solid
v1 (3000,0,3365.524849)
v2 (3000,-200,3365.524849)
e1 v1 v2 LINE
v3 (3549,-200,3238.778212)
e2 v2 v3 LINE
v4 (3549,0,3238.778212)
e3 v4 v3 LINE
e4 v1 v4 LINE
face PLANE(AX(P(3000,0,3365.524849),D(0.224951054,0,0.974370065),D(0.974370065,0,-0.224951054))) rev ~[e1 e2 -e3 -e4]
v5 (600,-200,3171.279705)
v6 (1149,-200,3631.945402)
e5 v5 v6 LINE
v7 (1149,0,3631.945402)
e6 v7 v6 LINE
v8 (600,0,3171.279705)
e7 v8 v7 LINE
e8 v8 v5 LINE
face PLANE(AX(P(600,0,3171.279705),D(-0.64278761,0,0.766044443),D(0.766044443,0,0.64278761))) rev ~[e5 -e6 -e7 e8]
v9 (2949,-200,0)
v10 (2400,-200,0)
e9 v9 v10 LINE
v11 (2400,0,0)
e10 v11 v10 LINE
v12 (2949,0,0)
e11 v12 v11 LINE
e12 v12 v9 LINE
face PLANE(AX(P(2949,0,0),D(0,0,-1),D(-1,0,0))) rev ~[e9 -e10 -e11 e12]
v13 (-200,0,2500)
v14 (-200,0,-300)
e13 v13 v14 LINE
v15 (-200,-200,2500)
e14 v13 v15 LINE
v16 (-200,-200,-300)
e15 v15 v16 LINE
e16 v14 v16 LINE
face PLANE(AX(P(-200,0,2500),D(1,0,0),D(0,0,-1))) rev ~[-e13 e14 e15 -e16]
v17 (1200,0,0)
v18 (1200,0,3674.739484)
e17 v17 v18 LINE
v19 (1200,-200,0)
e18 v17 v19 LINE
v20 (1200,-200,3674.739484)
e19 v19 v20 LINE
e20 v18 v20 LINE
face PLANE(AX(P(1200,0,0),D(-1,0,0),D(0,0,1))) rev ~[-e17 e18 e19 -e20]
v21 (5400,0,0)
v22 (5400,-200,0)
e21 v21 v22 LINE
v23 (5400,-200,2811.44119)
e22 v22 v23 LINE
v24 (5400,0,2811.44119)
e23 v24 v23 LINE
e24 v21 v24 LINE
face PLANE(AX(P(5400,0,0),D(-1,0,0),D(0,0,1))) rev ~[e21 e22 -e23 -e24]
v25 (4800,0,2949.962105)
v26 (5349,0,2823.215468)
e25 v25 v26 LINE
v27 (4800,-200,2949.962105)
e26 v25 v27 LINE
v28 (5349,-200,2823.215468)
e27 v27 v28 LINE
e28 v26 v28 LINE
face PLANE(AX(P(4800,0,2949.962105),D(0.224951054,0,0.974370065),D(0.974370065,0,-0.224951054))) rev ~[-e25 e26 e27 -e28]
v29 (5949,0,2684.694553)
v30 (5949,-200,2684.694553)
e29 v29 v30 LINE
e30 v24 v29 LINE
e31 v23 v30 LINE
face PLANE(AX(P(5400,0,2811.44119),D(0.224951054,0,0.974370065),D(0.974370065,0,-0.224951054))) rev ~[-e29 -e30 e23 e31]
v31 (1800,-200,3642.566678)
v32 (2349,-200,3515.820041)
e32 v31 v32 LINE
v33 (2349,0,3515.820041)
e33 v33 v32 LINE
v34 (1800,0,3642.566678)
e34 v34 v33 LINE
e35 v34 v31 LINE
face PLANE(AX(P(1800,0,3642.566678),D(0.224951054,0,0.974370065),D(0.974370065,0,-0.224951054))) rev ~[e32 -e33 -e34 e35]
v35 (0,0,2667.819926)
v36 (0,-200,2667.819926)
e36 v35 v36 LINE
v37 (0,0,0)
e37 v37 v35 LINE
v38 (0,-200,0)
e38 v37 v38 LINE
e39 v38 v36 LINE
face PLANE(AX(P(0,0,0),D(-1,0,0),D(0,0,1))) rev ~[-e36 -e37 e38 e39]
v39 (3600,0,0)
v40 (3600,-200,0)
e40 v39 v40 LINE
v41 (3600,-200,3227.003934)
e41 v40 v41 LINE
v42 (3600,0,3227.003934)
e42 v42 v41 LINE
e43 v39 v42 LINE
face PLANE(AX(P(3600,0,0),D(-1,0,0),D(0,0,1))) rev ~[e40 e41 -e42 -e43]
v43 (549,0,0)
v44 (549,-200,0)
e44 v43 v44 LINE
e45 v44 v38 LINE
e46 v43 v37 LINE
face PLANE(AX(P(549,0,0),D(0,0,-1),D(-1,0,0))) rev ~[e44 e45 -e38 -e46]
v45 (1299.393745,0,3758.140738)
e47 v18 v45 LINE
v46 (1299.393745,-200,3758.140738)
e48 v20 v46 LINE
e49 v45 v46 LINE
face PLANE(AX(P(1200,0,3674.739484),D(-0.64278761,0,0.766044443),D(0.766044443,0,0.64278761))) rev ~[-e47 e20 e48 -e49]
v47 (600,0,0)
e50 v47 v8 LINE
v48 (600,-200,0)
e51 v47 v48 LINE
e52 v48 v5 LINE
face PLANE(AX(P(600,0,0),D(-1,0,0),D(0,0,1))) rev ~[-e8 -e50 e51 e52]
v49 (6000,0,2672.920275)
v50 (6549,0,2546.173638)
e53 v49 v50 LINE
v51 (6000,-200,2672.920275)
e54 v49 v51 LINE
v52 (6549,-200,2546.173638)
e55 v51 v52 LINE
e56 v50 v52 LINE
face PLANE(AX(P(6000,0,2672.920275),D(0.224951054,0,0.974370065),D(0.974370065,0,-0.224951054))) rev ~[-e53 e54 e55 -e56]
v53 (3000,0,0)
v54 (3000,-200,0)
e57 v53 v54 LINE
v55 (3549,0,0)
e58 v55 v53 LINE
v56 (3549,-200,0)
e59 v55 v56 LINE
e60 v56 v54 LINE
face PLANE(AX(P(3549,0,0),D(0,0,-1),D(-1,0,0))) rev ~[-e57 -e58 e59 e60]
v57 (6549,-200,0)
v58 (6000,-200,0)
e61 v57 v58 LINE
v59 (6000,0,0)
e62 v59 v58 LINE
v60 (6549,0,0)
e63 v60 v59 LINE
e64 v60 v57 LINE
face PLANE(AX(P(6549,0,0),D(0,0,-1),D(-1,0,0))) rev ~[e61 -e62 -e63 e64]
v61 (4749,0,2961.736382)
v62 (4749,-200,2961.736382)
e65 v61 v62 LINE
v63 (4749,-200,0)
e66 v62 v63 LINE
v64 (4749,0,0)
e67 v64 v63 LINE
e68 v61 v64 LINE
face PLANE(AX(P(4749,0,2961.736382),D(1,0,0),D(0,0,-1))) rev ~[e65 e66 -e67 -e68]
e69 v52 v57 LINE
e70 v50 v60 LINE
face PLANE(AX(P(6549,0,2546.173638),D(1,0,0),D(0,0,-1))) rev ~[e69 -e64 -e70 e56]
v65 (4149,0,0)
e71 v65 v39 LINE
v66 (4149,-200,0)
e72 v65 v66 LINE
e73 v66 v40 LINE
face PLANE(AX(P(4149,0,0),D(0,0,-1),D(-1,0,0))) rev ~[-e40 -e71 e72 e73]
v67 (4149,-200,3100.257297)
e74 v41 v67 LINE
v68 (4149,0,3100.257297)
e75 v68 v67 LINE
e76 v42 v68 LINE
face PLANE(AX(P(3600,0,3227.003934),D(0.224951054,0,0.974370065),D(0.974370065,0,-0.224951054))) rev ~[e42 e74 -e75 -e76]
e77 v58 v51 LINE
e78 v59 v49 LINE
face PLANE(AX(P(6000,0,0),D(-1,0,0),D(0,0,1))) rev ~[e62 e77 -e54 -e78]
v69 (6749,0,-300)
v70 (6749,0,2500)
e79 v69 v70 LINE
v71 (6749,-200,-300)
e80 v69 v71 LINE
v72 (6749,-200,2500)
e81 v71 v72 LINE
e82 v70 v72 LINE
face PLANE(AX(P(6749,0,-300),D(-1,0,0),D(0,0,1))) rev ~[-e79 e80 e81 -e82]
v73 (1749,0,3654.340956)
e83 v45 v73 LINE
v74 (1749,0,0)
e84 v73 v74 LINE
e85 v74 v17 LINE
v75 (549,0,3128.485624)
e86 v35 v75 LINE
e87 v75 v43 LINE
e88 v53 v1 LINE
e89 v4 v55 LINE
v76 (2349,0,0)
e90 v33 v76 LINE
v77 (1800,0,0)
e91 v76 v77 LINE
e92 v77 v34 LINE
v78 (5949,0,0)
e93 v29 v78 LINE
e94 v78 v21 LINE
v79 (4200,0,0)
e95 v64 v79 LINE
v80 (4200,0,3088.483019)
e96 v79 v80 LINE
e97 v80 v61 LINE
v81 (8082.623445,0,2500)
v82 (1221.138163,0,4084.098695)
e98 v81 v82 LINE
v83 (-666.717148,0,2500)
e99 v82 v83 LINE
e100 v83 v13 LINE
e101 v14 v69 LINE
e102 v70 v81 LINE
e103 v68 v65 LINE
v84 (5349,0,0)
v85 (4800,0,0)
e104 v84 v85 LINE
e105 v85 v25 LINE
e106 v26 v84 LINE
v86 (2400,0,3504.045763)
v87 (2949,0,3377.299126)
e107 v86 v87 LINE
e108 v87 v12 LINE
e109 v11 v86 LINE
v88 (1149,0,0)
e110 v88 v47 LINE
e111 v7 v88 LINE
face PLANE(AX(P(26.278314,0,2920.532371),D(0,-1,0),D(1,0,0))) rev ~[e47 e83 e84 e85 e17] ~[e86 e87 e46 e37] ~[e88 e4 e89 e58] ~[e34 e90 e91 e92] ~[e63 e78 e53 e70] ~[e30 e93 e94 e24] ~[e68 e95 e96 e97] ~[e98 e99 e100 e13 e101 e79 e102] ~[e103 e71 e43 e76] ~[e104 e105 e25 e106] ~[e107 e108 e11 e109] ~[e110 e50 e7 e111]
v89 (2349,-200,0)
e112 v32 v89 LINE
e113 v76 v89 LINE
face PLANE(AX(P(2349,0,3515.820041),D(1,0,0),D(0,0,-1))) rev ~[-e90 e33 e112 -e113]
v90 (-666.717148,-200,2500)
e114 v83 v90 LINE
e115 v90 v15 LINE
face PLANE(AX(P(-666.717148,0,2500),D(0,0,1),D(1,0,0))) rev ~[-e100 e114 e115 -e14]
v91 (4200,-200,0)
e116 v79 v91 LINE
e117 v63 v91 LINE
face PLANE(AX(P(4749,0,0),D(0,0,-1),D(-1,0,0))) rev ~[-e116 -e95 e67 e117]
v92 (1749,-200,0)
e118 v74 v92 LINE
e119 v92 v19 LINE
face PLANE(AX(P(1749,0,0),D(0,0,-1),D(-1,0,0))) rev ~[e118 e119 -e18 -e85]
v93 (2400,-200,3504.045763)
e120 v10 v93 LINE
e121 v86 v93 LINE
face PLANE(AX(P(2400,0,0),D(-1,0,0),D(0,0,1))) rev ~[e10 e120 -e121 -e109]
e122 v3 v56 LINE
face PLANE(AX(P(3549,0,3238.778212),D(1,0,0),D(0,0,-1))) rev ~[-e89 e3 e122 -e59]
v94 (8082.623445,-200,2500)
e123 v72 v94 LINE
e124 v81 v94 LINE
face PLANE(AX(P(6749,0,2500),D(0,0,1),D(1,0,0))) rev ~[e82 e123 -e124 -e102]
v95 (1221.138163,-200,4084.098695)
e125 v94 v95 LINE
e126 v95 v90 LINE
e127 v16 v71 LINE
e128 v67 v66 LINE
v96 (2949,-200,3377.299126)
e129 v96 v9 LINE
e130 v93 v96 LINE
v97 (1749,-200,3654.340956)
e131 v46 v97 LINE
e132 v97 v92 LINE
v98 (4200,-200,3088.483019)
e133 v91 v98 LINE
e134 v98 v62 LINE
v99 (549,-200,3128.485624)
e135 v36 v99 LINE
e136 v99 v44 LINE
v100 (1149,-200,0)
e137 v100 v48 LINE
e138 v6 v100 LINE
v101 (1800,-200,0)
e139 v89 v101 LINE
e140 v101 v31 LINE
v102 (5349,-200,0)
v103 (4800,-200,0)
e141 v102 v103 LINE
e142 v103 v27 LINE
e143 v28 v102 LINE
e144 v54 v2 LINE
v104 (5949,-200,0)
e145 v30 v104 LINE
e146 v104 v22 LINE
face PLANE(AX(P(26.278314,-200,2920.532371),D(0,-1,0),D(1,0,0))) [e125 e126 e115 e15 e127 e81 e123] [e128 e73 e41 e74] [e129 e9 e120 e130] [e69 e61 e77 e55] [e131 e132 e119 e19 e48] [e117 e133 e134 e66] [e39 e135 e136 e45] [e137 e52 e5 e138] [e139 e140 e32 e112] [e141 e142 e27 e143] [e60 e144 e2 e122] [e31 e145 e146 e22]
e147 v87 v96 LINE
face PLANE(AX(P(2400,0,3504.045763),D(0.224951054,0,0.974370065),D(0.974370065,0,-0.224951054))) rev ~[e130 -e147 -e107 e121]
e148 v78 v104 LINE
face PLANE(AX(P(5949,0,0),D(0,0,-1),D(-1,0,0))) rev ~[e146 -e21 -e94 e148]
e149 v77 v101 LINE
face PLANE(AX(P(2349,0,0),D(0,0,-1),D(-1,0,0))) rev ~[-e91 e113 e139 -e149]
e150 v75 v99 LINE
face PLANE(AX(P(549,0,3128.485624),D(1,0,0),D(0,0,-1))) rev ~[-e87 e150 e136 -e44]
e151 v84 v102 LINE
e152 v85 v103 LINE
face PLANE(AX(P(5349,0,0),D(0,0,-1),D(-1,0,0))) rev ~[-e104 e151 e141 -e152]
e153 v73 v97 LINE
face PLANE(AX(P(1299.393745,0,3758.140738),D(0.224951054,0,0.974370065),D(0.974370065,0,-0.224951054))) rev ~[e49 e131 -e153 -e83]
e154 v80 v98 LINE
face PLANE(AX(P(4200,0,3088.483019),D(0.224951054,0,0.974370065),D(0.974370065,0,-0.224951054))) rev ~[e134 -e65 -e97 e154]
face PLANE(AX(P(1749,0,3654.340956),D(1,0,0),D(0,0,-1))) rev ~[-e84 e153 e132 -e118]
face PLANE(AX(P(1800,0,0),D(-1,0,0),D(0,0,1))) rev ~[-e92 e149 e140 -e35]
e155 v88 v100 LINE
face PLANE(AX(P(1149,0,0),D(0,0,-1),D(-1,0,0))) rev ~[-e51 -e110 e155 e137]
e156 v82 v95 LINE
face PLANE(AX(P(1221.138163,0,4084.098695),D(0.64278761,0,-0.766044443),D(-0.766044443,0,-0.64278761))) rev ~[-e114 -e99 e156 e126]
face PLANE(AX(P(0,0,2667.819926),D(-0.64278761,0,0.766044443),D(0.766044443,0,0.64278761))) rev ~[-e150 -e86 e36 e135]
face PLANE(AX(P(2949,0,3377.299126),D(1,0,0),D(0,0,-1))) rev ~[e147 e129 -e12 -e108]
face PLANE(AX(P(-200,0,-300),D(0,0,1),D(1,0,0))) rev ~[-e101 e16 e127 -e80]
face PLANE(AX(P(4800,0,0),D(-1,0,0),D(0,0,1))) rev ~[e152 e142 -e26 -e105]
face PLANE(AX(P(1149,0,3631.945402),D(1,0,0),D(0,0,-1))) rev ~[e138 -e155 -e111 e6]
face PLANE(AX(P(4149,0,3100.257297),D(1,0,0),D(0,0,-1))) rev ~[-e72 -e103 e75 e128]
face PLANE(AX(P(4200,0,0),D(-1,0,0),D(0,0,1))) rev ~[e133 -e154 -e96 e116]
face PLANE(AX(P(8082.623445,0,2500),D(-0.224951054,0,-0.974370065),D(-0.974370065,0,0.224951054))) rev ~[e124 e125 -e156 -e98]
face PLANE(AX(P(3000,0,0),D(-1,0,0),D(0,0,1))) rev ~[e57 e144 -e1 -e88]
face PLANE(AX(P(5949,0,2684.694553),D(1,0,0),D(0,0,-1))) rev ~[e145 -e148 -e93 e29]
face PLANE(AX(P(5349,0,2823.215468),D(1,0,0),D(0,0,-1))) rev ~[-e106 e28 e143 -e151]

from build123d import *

# Parameters (mm, degrees)
F1_DEPTH = 200


with BuildPart() as f1:
    # F0 (on Front) → F1 (new body)
    with BuildSketch(Plane.XZ):
        Polygon((-200, 2500), (0, 2667.8199262355), (549, 3128.4856237518), (549, 3520.1078105515), (-666.7171480581, 2500), align=None)
        Polygon((549, 3520.1078105515), (549, 3128.4856237518), (600, 3171.2797049418), (600, 3562.9018917415), align=None)
        Polygon((600, 3562.9018917415), (600, 3171.2797049418), (1149, 3631.9454024582), (1149, 4023.5675892578), align=None)
        Polygon((1149, 4023.5675892578), (1149, 3631.9454024582), (1200, 3674.7394836482), (1200, 4066.3616704479), align=None)
        Polygon((1200, 4066.3616704479), (1200, 3674.7394836482), (1299.3937450181, 3758.1407384342), (1749, 3654.3409556278), (1749, 3962.2321879658), (1221.1381631993, 4084.0986953922), align=None)
        Polygon((1749, 3962.2321879658), (1749, 3654.3409556278), (1800, 3642.5666778804), (1800, 3950.4579102184), align=None)
        Polygon((1800, 3950.4579102184), (1800, 3642.5666778804), (2349, 3515.8200409525), (2349, 3823.7112732905), align=None)
        Polygon((2349, 3823.7112732905), (2349, 3515.8200409525), (2400, 3504.0457632051), (2400, 3811.9369955431), align=None)
        Polygon((2400, 3811.9369955431), (2400, 3504.0457632051), (2949, 3377.2991262771), (2949, 3685.1903586152), align=None)
        Polygon((2949, 3685.1903586152), (2949, 3377.2991262771), (3000, 3365.5248485297), (3000, 3673.4160808678), align=None)
        Polygon((3000, 3673.4160808678), (3000, 3365.5248485297), (3549, 3238.7782116018), (3549, 3546.6694439398), align=None)
        Polygon((3549, 3546.6694439398), (3549, 3238.7782116018), (3600, 3227.0039338544), (3600, 3534.8951661924), align=None)
        Polygon((3600, 3534.8951661924), (3600, 3227.0039338544), (4149, 3100.2572969265), (4149, 3408.1485292645), align=None)
        Polygon((4200, 3088.4830191791), (4200, 3396.3742515171), (4149, 3408.1485292645), (4149, 3100.2572969265), align=None)
        Polygon((4749, 2961.7363822511), (4749, 3269.6276145891), (4200, 3396.3742515171), (4200, 3088.4830191791), align=None)
        Polygon((4800, 2949.9621045037), (4800, 3257.8533368417), (4749, 3269.6276145891), (4749, 2961.7363822511), align=None)
        Polygon((5349, 2823.2154675758), (5349, 3131.1066999138), (4800, 3257.8533368417), (4800, 2949.9621045037), align=None)
        Polygon((5400, 2811.4411898284), (5400, 3119.3324221664), (5349, 3131.1066999138), (5349, 2823.2154675758), align=None)
        Polygon((5949, 2684.6945529005), (5949, 2992.5857852385), (5400, 3119.3324221664), (5400, 2811.4411898284), align=None)
        Polygon((6549, 2546.1736382251), (6749, 2500), (8082.6234447757, 2500), (6000, 2980.8115074911), (6000, 2672.920275153), align=None)
        Polygon((6000, 2672.920275153), (6000, 2980.8115074911), (5949, 2992.5857852385), (5949, 2684.6945529005), align=None)
        Polygon((549, 0), (0, 0), (0, 2667.8199262355), (-200, 2500), (-200, -300), (6749, -300), (6749, 2500), (6549, 2546.1736382251), (6549, 0), (6000, 0), (5949, 0), (5400, 0), (5349, 0), (4800, 0), (4749, 0), (4200, 0), (4149, 0), (3600, 0), (3549, 0), (3000, 0), (2949, 0), (2400, 0), (2349, 0), (1800, 0), (1749, 0), (1200, 0), (1149, 0), (600, 0), align=None)
        Polygon((6000, 0), (6000, 2672.920275153), (5949, 2684.6945529005), (5949, 0), align=None)
        Polygon((5400, 0), (5400, 2811.4411898284), (5349, 2823.2154675758), (5349, 0), align=None)
        Polygon((4800, 0), (4800, 2949.9621045037), (4749, 2961.7363822511), (4749, 0), align=None)
        Polygon((4200, 0), (4200, 3088.4830191791), (4149, 3100.2572969265), (4149, 0), align=None)
        Polygon((3549, 3238.7782116018), (3549, 0), (3600, 0), (3600, 3227.0039338544), align=None)
        Polygon((2949, 3377.2991262771), (2949, 0), (3000, 0), (3000, 3365.5248485297), align=None)
        Polygon((2349, 3515.8200409525), (2349, 0), (2400, 0), (2400, 3504.0457632051), align=None)
        Polygon((1749, 3654.3409556278), (1749, 0), (1800, 0), (1800, 3642.5666778804), align=None)
        Polygon((1149, 3631.9454024582), (1149, 0), (1200, 0), (1200, 3674.7394836482), align=None)
        Polygon((549, 3128.4856237518), (549, 0), (600, 0), (600, 3171.2797049418), align=None)
    extrude(amount=F1_DEPTH)


solid = f1.part
